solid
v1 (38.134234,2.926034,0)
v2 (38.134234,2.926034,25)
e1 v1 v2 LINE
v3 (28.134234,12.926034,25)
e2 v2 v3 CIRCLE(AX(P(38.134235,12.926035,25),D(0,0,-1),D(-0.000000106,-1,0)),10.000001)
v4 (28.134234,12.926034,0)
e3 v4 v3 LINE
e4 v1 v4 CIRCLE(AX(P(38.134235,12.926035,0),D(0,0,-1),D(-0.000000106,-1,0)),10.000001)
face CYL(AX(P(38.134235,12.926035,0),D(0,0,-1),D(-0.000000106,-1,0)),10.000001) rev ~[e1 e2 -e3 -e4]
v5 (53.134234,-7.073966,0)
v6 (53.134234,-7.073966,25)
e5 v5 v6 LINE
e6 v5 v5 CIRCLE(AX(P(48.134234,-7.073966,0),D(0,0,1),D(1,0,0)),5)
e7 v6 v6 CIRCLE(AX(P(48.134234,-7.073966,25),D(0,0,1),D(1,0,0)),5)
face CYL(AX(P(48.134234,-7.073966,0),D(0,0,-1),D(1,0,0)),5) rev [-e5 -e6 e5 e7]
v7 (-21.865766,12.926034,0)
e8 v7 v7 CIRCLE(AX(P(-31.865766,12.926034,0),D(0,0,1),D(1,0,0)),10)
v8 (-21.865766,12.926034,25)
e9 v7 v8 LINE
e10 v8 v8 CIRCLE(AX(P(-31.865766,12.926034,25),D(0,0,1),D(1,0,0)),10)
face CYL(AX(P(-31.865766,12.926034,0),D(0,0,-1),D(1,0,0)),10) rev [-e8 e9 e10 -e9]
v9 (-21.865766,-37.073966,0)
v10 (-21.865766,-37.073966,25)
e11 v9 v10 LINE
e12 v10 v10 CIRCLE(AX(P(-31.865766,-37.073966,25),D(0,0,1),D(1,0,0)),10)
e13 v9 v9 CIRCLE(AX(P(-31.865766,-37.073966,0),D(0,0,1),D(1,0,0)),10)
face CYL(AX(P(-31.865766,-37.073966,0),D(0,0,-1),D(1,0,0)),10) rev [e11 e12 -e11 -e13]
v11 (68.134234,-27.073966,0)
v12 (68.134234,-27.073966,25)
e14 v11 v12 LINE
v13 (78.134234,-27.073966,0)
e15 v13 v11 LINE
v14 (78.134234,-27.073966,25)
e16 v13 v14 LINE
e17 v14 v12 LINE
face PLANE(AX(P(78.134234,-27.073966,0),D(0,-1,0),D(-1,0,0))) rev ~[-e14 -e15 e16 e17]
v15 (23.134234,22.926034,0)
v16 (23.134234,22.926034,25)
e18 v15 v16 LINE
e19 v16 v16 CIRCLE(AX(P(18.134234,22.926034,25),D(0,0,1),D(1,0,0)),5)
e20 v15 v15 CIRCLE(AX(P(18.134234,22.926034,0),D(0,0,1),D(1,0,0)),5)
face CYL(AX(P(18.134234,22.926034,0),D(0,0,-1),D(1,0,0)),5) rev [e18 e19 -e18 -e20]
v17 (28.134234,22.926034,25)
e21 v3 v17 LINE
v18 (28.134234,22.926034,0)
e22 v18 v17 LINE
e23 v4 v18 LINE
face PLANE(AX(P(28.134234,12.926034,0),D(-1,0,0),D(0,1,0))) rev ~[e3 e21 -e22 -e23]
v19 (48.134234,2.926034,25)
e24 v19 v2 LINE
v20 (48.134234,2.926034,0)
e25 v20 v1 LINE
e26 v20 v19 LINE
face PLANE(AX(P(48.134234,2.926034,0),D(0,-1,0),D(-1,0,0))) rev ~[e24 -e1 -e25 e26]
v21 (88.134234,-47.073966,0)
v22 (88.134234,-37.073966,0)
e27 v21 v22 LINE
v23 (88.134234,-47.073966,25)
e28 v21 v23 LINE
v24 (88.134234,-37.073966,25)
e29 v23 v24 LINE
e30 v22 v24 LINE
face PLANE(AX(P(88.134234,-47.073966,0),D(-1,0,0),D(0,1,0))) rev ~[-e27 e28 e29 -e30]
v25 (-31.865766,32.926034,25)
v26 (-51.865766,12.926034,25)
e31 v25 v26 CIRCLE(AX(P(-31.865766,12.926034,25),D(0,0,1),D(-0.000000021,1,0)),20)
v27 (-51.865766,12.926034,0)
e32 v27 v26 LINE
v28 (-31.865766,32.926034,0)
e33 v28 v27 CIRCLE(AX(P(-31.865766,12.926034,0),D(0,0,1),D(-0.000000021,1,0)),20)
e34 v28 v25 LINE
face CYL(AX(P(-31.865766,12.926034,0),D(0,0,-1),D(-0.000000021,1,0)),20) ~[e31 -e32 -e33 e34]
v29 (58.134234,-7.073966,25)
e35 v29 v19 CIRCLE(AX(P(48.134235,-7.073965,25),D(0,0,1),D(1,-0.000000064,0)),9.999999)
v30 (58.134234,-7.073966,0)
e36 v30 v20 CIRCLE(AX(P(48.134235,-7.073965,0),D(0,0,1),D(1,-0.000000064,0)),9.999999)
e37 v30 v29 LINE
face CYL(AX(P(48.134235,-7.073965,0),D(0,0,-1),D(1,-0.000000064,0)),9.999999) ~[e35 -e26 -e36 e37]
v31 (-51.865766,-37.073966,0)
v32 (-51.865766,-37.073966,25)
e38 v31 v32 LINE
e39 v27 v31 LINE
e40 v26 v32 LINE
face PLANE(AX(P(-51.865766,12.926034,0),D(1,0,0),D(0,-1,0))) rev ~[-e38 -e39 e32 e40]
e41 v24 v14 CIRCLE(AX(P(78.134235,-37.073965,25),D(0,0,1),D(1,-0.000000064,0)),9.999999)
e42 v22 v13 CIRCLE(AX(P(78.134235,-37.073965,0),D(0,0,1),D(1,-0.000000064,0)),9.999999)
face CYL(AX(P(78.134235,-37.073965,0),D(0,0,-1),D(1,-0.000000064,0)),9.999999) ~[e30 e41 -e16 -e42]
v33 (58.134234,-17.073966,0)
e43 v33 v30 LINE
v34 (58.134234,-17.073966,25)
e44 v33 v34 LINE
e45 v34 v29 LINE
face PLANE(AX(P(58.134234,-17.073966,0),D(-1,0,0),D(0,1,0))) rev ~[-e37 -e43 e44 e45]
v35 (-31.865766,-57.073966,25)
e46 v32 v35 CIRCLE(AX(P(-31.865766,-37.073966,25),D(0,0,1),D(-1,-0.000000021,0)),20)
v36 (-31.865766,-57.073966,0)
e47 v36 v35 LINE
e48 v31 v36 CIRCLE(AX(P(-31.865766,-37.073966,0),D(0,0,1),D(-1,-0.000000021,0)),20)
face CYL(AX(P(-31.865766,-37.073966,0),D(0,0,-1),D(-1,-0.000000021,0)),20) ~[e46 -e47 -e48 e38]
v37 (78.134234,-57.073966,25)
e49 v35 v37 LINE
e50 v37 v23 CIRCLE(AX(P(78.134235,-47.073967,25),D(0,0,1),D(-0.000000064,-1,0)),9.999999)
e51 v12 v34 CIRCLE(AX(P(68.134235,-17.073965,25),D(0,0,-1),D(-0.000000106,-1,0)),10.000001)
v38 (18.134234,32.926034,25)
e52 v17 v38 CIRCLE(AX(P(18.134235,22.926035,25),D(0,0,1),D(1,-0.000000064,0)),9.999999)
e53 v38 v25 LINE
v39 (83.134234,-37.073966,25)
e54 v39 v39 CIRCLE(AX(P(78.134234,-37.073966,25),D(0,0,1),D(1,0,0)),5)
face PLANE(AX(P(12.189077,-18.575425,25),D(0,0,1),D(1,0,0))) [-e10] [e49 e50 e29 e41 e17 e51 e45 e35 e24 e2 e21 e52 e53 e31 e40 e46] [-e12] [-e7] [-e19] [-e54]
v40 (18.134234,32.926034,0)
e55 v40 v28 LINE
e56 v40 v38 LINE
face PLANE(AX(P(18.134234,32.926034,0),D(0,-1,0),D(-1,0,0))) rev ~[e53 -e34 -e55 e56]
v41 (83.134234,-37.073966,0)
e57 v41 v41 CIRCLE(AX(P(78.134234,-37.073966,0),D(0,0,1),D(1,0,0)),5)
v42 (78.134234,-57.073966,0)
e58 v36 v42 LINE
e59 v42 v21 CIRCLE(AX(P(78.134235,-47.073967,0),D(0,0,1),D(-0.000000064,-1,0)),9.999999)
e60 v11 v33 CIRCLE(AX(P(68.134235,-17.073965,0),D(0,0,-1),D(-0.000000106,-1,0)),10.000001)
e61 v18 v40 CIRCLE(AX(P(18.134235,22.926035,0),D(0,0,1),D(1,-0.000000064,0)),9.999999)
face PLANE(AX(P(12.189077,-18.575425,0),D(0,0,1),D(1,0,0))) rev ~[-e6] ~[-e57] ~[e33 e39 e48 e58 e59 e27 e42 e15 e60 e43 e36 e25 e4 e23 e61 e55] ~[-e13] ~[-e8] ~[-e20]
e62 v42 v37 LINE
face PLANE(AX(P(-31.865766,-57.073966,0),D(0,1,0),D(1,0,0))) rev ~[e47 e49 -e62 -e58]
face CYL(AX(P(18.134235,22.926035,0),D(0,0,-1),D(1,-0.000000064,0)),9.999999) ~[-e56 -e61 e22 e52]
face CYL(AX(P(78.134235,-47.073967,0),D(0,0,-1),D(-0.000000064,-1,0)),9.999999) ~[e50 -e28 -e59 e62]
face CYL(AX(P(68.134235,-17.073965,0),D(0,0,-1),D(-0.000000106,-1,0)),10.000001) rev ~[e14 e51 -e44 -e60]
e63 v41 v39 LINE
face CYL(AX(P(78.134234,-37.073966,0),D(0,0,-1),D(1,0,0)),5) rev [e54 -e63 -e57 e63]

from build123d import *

# Parameters (mm, degrees)
F0_R     = 10
F0_R_2   = 5
F1_DEPTH = 25


with BuildPart() as f1:
    # F0 (on Top) → F1 (new body)
    with BuildSketch(Plane.XY):
        with BuildLine():
            ThreePointArc((-51.865766, -37.073966), (-46.007901, -51.216102), (-31.865766, -57.073966))
            Line((-31.865766, -57.073966), (78.134234, -57.073966))
            ThreePointArc((78.134234, -57.073966), (85.205302, -54.145034), (88.134234, -47.073966))
            Line((88.134234, -47.073966), (88.134234, -37.073966))
            ThreePointArc((88.134234, -37.073966), (85.205302, -30.002898), (78.134234, -27.073966))
            Line((78.134234, -27.073966), (68.134234, -27.073966))
            ThreePointArc((68.134234, -27.073966), (61.063167, -24.145034), (58.134234, -17.073966))
            Line((58.134234, -17.073966), (58.134234, -7.073966))
            ThreePointArc((58.134234, -7.073966), (55.205302, -0.002898), (48.134234, 2.926034))
            Line((48.134234, 2.926034), (38.134234, 2.926034))
            ThreePointArc((38.134234, 2.926034), (31.063167, 5.854966), (28.134234, 12.926034))
            Line((28.134234, 12.926034), (28.134234, 22.926034))
            ThreePointArc((28.134234, 22.926034), (25.205302, 29.997102), (18.134234, 32.926034))
            Line((18.134234, 32.926034), (-31.865766, 32.926034))
            ThreePointArc((-31.865766, 32.926034), (-46.007901, 27.06817), (-51.865766, 12.926034))
            Line((-51.865766, 12.926034), (-51.865766, -37.073966))
        make_face()
        with Locations((-31.865766, -37.073966)):
            Circle(F0_R, mode=Mode.SUBTRACT)
        with Locations((78.134234, -37.073966)):
            Circle(F0_R_2, mode=Mode.SUBTRACT)
        with Locations((-31.865766, 12.926034)):
            Circle(F0_R, mode=Mode.SUBTRACT)
        with Locations((48.134234, -7.073966)):
            Circle(F0_R_2, mode=Mode.SUBTRACT)
        with Locations((18.134234, 22.926034)):
            Circle(F0_R_2, mode=Mode.SUBTRACT)
    extrude(amount=F1_DEPTH)


solid = f1.part
